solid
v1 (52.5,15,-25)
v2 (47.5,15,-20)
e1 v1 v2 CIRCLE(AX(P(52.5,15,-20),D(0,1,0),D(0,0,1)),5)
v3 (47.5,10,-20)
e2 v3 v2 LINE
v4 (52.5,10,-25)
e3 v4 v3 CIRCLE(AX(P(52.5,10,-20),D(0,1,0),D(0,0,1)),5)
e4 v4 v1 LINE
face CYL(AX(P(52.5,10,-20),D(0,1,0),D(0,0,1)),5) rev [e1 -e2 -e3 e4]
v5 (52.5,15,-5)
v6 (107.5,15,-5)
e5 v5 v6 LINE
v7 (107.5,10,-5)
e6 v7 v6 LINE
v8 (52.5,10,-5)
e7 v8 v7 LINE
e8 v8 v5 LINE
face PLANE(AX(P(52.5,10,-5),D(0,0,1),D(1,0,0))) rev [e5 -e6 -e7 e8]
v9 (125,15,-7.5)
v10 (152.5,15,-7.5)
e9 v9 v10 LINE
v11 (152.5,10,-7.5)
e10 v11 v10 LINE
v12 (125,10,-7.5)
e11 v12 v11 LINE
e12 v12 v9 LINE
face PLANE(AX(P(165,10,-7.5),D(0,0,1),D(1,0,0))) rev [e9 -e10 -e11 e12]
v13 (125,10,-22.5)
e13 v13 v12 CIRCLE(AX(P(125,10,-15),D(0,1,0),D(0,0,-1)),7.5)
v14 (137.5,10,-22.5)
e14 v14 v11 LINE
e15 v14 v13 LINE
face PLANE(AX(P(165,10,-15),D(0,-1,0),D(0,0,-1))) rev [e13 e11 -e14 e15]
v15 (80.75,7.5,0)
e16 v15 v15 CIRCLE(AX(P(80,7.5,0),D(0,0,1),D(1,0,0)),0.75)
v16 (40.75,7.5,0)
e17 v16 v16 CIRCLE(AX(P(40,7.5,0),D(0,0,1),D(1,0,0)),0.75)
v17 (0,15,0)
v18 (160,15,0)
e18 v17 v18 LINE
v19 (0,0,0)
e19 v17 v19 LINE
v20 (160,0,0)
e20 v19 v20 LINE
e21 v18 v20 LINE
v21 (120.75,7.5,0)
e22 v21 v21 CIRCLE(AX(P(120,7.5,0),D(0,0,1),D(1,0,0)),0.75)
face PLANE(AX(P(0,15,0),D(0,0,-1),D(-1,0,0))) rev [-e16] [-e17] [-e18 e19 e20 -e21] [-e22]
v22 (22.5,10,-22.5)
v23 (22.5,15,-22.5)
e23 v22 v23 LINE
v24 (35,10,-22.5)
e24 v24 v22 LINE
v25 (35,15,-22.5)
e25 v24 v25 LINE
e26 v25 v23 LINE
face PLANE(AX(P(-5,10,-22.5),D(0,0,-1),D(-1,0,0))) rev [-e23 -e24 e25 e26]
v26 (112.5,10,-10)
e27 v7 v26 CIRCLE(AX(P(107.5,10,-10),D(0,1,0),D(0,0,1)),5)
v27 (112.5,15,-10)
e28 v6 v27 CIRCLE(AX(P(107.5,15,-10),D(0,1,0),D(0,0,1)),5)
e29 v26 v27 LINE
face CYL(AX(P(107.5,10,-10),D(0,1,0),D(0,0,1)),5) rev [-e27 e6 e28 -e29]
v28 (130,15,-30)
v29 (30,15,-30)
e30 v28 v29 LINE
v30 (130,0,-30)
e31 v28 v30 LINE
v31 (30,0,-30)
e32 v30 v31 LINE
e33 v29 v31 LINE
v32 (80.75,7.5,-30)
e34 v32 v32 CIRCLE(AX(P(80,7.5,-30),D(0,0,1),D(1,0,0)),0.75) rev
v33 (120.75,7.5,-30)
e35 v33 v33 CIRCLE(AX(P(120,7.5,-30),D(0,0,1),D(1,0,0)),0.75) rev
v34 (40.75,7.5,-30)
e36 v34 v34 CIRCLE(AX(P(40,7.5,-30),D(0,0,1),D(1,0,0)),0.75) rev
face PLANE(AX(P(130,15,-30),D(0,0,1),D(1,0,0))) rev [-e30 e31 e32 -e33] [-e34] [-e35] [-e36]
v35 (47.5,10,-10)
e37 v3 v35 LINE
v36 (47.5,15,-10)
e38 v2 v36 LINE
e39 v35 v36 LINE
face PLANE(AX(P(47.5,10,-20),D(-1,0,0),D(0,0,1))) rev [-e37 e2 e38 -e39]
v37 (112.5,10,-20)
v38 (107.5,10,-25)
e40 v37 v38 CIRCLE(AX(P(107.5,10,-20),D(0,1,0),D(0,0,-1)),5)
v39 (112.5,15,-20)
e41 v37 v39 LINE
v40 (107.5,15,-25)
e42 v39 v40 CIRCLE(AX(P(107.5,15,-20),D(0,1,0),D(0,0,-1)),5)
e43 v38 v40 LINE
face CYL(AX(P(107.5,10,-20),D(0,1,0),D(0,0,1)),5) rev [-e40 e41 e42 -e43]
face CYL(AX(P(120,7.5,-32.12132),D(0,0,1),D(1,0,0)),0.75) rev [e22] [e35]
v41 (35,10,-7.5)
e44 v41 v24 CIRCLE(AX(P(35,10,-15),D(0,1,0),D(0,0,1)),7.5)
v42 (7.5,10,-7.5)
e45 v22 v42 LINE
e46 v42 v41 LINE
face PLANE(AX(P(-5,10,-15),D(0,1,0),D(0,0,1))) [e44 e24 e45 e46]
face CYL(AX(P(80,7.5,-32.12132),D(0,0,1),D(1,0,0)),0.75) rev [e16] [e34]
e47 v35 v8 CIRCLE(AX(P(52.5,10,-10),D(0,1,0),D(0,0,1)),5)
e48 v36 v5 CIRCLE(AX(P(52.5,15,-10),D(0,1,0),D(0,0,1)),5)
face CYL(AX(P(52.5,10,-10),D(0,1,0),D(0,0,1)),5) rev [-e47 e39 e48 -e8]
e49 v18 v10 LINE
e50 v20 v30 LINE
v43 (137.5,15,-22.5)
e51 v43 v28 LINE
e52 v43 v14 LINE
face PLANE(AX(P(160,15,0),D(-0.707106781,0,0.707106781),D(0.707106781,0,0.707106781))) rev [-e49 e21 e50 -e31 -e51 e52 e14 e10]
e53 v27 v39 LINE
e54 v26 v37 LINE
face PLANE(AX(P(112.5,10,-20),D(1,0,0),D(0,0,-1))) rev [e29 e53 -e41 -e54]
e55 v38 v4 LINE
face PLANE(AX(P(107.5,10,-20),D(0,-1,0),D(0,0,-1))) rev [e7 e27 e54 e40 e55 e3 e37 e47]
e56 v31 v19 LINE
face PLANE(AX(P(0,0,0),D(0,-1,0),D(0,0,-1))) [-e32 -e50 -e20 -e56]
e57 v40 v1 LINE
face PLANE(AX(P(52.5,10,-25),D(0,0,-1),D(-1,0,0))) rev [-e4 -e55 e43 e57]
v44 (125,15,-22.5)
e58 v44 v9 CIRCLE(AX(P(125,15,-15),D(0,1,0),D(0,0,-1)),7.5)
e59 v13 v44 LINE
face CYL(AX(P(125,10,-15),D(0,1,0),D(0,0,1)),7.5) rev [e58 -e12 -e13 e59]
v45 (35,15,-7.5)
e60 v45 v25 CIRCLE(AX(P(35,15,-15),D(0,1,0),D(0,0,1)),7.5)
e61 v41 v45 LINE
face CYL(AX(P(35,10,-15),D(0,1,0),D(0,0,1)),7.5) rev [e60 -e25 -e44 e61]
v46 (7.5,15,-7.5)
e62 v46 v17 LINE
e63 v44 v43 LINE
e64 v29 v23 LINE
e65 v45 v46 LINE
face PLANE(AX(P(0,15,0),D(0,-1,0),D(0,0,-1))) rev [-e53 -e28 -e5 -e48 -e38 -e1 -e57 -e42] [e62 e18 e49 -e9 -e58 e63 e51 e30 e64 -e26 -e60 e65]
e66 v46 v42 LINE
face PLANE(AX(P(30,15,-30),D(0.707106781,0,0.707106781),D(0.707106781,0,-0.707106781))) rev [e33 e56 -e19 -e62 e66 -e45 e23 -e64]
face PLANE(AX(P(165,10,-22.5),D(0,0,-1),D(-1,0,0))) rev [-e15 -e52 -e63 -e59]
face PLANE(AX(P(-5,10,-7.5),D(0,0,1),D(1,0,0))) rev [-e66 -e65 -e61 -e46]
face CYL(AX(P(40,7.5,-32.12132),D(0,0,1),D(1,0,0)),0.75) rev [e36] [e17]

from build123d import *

# Parameters (mm, degrees)
BOSS_EXTRUDE1_DEPTH = 15
CUT_EXTRUDE1_DEPTH  = 5
SKETCH3_R           = 0.75
CUT_EXTRUDE2_DEPTH  = 30
CUT_EXTRUDE3_DEPTH  = 5


with BuildPart() as part:
    # Sketch1 → Boss-Extrude1 (new body)
    with BuildSketch(Plane(origin=(0, 0, 0), x_dir=(1, 0, 0), z_dir=(0, 1, 0))):
        Polygon((0, 0), (160, 0), (130, 30), (30, 30), align=None)
    extrude(amount=BOSS_EXTRUDE1_DEPTH)

    # Sketch2 → Cut-Extrude1 (cut)
    with BuildSketch(Plane(origin=(0, 15, 0), x_dir=(1, 0, 0), z_dir=(0, 1, 0))):
        with BuildLine():
            Line((-5, 22.5), (35, 22.5))
            ThreePointArc((35, 22.5), (42.5, 15), (35, 7.5))
            Line((35, 7.5), (-5, 7.5))
            ThreePointArc((-5, 7.5), (-12.5, 15), (-5, 22.5))
        make_face()
        with BuildLine():
            Line((165, 22.5), (125, 22.5))
            ThreePointArc((125, 22.5), (117.5, 15), (125, 7.5))
            Line((125, 7.5), (165, 7.5))
            ThreePointArc((165, 7.5), (172.5, 15), (165, 22.5))
        make_face()
    extrude(amount=-CUT_EXTRUDE1_DEPTH, mode=Mode.SUBTRACT)

    # Sketch3 → Cut-Extrude2 (cut)
    with BuildSketch(Plane.XY):
        with Locations((80, 7.5)):
            Circle(SKETCH3_R)
        with Locations((40, 7.5)):
            Circle(SKETCH3_R)
        with Locations((120, 7.5)):
            Circle(SKETCH3_R)
    extrude(amount=-CUT_EXTRUDE2_DEPTH, mode=Mode.SUBTRACT)

    # Sketch4 → Cut-Extrude3 (cut)
    with BuildSketch(Plane(origin=(0, 15, 0), x_dir=(1, 0, 0), z_dir=(0, 1, 0))):
        with BuildLine():
            Line((52.5, 25), (107.5, 25))
            ThreePointArc((107.5, 25), (111.035533906, 23.535533906), (112.5, 20))
            Line((112.5, 20), (112.5, 10))
            ThreePointArc((112.5, 10), (111.035533906, 6.464466094), (107.5, 5))
            Line((107.5, 5), (52.5, 5))
            ThreePointArc((52.5, 5), (48.964466094, 6.464466094), (47.5, 10))
            Line((47.5, 10), (47.5, 20))
            ThreePointArc((47.5, 20), (48.964466094, 23.535533906), (52.5, 25))
        make_face()
    extrude(amount=-CUT_EXTRUDE3_DEPTH, mode=Mode.SUBTRACT)


solid = part.part
